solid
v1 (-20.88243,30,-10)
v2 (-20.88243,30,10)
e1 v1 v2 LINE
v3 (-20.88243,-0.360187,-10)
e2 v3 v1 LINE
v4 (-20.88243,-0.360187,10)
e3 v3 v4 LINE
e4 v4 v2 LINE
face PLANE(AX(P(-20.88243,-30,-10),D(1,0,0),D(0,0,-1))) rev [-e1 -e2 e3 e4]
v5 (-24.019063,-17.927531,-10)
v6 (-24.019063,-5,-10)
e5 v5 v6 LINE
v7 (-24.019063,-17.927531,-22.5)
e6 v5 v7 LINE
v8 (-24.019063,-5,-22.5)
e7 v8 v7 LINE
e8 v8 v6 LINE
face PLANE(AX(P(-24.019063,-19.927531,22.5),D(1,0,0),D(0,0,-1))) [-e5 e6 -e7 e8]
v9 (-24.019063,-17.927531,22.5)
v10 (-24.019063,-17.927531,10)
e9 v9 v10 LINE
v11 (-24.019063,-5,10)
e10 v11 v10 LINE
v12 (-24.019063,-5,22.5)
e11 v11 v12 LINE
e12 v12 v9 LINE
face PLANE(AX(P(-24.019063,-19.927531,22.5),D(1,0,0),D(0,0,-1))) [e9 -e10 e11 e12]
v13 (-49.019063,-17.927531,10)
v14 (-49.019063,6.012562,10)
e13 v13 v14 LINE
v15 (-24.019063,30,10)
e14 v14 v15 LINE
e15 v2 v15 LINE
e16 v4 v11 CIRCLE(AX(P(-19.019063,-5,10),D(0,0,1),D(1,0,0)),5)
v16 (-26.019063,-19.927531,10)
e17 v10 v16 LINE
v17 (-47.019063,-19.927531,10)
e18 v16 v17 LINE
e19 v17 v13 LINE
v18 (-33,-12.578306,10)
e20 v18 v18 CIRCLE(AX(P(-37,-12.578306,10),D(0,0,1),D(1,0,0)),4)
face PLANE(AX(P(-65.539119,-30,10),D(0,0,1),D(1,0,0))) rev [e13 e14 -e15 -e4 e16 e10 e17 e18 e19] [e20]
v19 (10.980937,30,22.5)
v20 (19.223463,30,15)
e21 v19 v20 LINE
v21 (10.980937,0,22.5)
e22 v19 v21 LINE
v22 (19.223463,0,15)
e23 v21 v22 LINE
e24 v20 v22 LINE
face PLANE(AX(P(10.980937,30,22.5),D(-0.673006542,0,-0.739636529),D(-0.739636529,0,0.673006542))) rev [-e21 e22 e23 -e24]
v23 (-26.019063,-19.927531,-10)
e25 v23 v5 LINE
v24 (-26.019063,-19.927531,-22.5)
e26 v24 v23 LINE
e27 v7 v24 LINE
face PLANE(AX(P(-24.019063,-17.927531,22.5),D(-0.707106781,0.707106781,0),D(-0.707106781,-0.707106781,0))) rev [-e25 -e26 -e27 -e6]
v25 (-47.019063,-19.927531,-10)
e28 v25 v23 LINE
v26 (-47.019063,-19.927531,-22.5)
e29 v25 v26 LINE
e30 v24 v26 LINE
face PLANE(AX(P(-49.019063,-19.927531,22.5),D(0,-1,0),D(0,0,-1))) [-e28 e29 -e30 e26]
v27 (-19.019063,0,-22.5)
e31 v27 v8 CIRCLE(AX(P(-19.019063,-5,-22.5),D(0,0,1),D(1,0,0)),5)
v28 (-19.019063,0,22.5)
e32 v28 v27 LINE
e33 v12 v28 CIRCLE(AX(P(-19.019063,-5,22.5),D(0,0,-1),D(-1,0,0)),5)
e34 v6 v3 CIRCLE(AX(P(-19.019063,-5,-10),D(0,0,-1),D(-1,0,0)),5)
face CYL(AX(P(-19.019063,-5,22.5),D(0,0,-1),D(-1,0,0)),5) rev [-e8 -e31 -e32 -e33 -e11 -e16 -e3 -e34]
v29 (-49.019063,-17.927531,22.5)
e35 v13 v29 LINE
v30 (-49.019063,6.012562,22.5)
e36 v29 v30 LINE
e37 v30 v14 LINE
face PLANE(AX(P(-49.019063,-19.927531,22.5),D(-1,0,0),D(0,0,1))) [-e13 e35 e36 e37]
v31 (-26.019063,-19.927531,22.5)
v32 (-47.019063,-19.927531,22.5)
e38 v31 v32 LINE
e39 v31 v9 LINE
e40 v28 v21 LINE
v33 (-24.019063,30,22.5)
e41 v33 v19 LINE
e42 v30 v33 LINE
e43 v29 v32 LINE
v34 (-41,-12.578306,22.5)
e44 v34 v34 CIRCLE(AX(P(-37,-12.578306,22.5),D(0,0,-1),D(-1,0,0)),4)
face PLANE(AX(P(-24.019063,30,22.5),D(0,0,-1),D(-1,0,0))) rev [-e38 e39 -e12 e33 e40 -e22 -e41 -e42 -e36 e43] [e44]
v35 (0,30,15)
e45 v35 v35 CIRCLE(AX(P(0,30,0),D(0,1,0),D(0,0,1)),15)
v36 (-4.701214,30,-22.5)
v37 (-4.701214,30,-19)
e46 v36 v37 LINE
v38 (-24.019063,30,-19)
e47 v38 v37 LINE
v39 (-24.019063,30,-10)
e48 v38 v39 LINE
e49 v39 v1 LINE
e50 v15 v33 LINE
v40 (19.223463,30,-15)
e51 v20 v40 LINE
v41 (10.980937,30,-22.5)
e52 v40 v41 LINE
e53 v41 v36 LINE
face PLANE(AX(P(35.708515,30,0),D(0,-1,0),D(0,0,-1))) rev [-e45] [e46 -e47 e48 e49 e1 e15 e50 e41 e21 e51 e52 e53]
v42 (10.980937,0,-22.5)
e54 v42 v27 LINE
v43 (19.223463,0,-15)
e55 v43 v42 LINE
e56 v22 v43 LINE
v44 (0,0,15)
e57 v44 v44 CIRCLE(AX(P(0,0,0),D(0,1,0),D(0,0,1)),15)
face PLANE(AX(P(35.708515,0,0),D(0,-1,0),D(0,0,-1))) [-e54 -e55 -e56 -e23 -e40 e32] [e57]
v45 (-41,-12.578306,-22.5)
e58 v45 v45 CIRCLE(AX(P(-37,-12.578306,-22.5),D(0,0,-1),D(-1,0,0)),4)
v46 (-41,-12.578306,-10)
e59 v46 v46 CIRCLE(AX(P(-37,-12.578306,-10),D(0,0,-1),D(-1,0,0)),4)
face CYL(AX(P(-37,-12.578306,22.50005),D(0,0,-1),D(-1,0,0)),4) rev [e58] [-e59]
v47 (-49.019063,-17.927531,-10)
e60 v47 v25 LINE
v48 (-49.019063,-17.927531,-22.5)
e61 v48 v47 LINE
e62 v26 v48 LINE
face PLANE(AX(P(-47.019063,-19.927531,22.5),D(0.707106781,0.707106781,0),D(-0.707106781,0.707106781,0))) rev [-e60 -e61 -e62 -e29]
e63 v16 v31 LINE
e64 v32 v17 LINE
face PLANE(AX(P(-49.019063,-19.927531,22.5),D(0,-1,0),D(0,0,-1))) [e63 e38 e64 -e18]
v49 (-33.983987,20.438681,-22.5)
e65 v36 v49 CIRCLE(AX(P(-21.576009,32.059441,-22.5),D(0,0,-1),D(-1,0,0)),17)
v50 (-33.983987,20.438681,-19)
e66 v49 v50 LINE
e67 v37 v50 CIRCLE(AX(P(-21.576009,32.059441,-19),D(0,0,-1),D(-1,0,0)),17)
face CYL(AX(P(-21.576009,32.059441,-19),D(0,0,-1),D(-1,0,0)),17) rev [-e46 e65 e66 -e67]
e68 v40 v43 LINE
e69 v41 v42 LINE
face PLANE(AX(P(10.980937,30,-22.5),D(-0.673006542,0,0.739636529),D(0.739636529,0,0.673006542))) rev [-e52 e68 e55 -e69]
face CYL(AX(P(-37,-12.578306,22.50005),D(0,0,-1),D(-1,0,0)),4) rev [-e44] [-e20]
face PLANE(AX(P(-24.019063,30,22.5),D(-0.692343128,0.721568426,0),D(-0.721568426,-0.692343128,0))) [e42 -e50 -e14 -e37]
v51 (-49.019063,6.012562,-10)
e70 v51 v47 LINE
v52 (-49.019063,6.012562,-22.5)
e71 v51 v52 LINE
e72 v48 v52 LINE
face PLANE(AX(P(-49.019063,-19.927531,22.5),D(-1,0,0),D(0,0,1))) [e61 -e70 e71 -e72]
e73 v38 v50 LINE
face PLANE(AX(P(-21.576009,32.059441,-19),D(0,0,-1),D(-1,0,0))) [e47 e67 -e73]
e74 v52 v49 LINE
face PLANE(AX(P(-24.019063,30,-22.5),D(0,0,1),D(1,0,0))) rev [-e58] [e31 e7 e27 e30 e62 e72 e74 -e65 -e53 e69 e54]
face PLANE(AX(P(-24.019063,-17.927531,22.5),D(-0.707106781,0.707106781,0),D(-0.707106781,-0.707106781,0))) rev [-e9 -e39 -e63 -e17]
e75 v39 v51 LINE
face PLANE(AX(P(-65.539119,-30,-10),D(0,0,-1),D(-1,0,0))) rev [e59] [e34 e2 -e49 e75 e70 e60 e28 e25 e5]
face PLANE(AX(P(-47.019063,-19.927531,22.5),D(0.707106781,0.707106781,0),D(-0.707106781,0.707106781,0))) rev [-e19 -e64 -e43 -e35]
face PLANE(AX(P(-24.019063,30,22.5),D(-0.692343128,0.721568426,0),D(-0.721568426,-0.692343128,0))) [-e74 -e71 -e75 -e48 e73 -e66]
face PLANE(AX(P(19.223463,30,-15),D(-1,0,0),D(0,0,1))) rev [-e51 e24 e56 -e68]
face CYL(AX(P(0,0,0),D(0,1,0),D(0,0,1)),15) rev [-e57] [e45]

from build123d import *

# Parameters (mm, degrees)
EXTRUDE_1_DEPTH       = 30
SKETCH_2_R            = 15
CUT_EXTRUDE_2_DEPTH   = 45.532745299
EXTRUDE_3_DEPTH       = 45
CUT_EXTRUDE_START     = 70
SKETCH_3_W            = 44.656689001
SKETCH_3_H            = 20
CUT_EXTRUDE_1_DEPTH   = 130
SKETCH_7_R            = 3.999999997
CUT_EXTRUDE_2_2_DEPTH = 73.992250074
FILLET_1_R            = 5
CHAMFER_5_SIZE        = 2
SKETCH_10_R           = 17
CUT_EXTRUDE_5_DEPTH   = 3.5


with BuildPart() as part:
    # Эскиз1 → Вытянуть1 (new body)
    with BuildSketch(Plane(origin=(0, 0, 0), x_dir=(1, 0, 0), z_dir=(0, 1, 0))):
        Polygon((-24.019063342, 22.5), (10.980936658, 22.5), (19.22346273, 15), (19.22346273, -15), (10.980936658, -22.5), (-24.019063342, -22.5), align=None)
    extrude(amount=EXTRUDE_1_DEPTH)

    # Эскиз2 → Cut-Extrude 2 (cut, through all)
    with BuildSketch(Plane(origin=(0, 30, 0), x_dir=(1, 0, 0), z_dir=(0, 1, 0))):
        with Locations(Location((0, 0, 0), (0, 0, 270))):
            Circle(SKETCH_2_R)
    extrude(amount=-CUT_EXTRUDE_2_DEPTH, mode=Mode.SUBTRACT)

    # Эскиз6 → Вытянуть3 (add)
    with BuildSketch(Plane(origin=(0, 0, -22.5), x_dir=(-1, 0, 0), z_dir=(0, 0, -1))):
        Polygon((24.019063342, -19.927530698), (24.019063342, 30), (49.019063342, 6.012561534), (49.019063342, -19.927530698), align=None)
    extrude(amount=-EXTRUDE_3_DEPTH)

    # Эскиз3 → Вырез-Вытянуть1 (cut)
    with BuildSketch(Plane(origin=(0, 30, 0), x_dir=(1, 0, 0), z_dir=(0, 1, 0)).offset(CUT_EXTRUDE_START)):
        with Locations((-43.210774099, 0)):
            Rectangle(SKETCH_3_W, SKETCH_3_H)
    extrude(amount=-CUT_EXTRUDE_1_DEPTH, mode=Mode.SUBTRACT)

    # Эскиз7 → Cut-Extrude 2 2 (cut, through all)
    with BuildSketch(Plane(origin=(0, 0, -22.5), x_dir=(-1, 0, 0), z_dir=(0, 0, -1))):
        with Locations((37.000000002, -12.578306382)):
            Circle(SKETCH_7_R)
    extrude(amount=-CUT_EXTRUDE_2_2_DEPTH, mode=Mode.SUBTRACT)

    # Скругление1
    fillet_1_edges = [part.edges().sort_by_distance(p)[0] for p in [
        (-24.019063342, 0, -16.25),
    ]]
    fillet(fillet_1_edges, radius=FILLET_1_R)

    # Фаска5
    chamfer_5_edges = [part.edges().sort_by_distance(p)[0] for p in [
        (-49.019063342, -19.927530698, 16.25),
        (-24.019063342, -19.927530698, 16.25),
        (-24.019063342, -19.927530698, -16.25),
        (-49.019063342, -19.927530698, -16.25),
    ]]
    chamfer(chamfer_5_edges, length=CHAMFER_5_SIZE)

    # Эскиз10 → Вырез-Вытянуть5 (cut)
    with BuildSketch(Plane(origin=(0, 0, -22.5), x_dir=(-1, 0, 0), z_dir=(0, 0, -1))):
        with Locations((21.57600878, 32.059441466)):
            Circle(SKETCH_10_R)
    extrude(amount=-CUT_EXTRUDE_5_DEPTH, mode=Mode.SUBTRACT)


solid = part.part
